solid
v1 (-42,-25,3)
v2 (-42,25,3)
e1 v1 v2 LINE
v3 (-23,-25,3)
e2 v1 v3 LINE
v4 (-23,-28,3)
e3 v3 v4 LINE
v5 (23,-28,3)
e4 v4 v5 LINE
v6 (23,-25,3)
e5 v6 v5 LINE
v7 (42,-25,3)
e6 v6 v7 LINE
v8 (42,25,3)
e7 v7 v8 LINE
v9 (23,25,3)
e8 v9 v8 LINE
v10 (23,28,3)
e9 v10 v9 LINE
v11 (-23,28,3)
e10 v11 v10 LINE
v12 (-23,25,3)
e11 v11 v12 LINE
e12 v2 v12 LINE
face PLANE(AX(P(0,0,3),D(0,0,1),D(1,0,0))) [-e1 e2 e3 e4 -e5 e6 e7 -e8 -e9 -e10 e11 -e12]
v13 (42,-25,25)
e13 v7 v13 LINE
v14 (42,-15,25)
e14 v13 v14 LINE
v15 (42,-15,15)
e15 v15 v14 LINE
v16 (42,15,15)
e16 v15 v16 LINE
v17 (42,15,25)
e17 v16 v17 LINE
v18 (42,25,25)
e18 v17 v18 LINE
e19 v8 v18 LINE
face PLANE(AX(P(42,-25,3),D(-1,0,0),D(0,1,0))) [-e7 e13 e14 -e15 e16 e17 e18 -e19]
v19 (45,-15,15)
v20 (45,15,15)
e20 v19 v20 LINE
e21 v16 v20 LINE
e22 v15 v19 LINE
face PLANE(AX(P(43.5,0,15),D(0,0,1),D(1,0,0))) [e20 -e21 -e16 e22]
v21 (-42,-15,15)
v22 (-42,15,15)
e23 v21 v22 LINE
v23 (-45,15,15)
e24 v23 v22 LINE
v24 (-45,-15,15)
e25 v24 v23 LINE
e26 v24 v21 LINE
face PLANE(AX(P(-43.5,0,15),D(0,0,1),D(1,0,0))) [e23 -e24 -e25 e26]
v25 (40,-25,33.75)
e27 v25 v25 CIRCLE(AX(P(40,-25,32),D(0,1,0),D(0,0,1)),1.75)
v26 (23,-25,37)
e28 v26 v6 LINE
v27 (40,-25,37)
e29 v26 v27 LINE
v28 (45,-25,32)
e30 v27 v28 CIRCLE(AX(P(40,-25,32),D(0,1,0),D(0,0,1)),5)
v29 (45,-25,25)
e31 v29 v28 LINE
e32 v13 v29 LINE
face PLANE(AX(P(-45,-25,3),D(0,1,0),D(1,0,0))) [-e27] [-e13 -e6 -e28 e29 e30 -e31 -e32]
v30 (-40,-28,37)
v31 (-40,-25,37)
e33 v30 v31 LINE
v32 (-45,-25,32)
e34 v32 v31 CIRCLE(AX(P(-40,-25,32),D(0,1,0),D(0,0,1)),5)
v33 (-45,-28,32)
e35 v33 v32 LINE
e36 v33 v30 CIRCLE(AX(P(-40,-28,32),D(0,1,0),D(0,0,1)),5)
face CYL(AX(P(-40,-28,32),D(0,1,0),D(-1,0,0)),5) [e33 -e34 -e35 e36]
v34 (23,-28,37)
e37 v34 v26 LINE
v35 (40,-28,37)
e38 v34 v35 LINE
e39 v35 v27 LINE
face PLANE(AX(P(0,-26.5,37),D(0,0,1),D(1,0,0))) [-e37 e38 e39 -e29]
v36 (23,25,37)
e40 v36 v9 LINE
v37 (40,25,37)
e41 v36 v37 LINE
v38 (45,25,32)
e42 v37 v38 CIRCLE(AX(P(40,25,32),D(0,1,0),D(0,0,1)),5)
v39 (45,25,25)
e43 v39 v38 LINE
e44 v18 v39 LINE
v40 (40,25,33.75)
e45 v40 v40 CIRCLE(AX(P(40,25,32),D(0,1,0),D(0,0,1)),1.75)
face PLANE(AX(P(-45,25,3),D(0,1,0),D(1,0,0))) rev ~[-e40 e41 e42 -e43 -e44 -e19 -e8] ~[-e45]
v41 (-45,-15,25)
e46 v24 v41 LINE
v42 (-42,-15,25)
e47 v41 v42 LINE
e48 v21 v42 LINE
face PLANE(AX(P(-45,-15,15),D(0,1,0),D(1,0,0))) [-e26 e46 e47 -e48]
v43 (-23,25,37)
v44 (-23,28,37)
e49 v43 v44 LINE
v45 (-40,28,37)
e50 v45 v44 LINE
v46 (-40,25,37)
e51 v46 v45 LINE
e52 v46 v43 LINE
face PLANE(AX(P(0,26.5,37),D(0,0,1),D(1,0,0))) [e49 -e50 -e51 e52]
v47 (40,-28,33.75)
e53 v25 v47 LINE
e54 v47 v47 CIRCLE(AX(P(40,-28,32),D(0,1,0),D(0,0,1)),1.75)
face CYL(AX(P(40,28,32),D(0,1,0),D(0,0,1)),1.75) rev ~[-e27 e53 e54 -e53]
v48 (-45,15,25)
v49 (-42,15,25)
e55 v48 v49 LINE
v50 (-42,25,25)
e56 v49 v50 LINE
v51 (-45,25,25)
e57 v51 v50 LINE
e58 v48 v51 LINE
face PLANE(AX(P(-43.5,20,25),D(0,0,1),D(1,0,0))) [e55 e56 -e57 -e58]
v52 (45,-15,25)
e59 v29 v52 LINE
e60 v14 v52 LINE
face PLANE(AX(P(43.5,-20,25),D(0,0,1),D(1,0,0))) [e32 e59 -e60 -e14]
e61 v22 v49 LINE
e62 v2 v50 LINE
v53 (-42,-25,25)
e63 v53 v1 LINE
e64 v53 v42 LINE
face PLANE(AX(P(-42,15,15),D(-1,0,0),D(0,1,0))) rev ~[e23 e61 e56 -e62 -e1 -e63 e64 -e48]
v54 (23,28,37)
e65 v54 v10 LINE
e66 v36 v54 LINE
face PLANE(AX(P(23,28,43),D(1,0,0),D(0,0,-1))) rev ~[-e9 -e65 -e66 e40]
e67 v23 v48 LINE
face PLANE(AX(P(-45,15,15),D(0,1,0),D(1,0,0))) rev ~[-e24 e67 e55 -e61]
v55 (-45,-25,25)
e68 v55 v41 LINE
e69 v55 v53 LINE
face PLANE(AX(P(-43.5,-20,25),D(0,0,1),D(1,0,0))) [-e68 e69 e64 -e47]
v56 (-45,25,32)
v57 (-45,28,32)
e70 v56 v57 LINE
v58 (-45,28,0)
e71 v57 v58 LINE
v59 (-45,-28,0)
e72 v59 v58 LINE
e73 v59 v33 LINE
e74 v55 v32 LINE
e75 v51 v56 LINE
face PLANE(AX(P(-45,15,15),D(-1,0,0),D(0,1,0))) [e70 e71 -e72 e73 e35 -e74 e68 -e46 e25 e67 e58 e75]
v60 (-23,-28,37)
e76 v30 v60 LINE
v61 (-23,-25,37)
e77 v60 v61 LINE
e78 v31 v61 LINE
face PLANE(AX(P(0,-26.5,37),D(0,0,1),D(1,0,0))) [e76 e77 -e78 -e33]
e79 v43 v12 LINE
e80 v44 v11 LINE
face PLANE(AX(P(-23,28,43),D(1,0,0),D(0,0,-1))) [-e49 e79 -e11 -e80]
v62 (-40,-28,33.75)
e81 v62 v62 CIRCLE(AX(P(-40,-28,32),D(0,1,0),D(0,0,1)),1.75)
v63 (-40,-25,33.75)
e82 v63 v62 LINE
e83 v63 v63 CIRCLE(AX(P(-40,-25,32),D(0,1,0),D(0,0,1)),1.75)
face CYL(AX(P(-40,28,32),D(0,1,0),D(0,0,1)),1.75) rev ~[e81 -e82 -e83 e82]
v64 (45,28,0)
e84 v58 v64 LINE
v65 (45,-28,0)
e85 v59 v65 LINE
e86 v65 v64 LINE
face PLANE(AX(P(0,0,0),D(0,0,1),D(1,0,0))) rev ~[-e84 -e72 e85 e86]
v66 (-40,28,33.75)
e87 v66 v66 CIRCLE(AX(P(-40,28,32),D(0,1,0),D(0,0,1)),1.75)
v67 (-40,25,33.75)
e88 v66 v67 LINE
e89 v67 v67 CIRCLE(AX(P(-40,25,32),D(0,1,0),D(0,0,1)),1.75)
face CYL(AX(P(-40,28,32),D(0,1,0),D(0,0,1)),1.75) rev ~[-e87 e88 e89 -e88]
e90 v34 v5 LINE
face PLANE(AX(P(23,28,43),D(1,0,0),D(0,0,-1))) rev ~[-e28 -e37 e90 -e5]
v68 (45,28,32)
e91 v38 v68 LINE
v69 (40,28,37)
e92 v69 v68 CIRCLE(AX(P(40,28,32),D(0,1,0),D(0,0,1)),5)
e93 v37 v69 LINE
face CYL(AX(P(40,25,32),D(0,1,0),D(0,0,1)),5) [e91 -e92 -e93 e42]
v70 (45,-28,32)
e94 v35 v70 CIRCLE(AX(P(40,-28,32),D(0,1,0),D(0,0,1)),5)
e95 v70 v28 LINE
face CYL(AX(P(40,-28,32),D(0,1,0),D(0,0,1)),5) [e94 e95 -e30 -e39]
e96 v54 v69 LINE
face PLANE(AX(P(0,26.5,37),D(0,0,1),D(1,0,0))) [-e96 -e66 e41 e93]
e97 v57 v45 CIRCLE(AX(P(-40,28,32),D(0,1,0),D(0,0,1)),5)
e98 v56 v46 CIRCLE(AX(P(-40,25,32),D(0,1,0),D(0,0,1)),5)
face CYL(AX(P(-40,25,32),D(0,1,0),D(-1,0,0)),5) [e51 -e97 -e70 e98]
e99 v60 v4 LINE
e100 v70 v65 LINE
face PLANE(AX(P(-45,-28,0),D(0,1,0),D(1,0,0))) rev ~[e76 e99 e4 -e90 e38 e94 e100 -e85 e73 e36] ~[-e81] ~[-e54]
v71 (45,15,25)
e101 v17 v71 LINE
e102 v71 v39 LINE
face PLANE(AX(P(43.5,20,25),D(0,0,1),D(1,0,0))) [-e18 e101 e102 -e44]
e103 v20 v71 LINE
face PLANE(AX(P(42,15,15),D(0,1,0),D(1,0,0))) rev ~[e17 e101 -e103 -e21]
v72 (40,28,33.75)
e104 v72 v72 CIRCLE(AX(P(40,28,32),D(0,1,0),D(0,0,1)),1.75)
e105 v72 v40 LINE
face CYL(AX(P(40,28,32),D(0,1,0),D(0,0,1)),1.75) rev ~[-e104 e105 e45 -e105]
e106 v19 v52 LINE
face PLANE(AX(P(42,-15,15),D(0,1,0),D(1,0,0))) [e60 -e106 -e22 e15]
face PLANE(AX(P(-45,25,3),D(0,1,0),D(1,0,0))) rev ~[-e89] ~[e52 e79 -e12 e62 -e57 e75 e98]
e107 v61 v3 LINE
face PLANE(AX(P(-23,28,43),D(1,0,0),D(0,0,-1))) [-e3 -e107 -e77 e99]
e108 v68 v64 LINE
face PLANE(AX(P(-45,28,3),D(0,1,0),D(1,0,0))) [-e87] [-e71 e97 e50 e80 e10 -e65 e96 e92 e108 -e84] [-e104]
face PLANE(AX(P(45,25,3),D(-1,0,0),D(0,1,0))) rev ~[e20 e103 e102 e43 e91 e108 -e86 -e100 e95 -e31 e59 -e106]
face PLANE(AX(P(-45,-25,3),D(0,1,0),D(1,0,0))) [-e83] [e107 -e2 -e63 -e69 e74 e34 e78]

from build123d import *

# Parameters (mm, degrees)
SZKIC1_W                    = 90
SZKIC1_H                    = 56
DODANIE_WYCI_GNI_CIE1_DEPTH = 3
SZKIC2_W                    = 90
SZKIC2_H                    = 3
DODANIE_WYCI_GNI_CIE2_DEPTH = 34
SZKIC4_R                    = 1.75
WYTNIJ_WYCI_GNI_CIE1_DEPTH  = 81.808415403
ZAOKR_GLENIE1_R             = 5
SZKIC5_W                    = 46
SZKIC5_H                    = 40
WYTNIJ_WYCI_GNI_CIE2_DEPTH  = 81.808415403
SZKIC6_W                    = 3
SZKIC6_H                    = 50
DODANIE_WYCI_GNI_CIE4_DEPTH = 12
SZKIC7_W                    = 3
SZKIC7_H                    = 10
DODANIE_WYCI_GNI_CIE5_DEPTH = 10


with BuildPart() as part:
    # Szkic1 → Dodanie-wyciągnięcie1 (new body)
    with BuildSketch(Plane.XY):
        Rectangle(SZKIC1_W, SZKIC1_H)
    extrude(amount=DODANIE_WYCI_GNI_CIE1_DEPTH)

    # Szkic2 → Dodanie-wyciągnięcie2 (add)
    with BuildSketch(Plane.XY.offset(3)):
        with Locations((0, 26.5)):
            Rectangle(SZKIC2_W, SZKIC2_H)
        with Locations((0, -26.5)):
            Rectangle(SZKIC2_W, SZKIC2_H)
    extrude(amount=DODANIE_WYCI_GNI_CIE2_DEPTH)

    # Szkic4 → Wytnij-wyciągnięcie1 (cut, through all)
    with BuildSketch(Plane(origin=(0, 28, 0), x_dir=(1, 0, 0), z_dir=(0, 1, 0))):
        with Locations(Location((-40, -32, 0), (0, 0, 270))):
            Circle(SZKIC4_R)
        with Locations(Location((40, -32, 0), (0, 0, 270))):
            Circle(SZKIC4_R)
    extrude(amount=-WYTNIJ_WYCI_GNI_CIE1_DEPTH, mode=Mode.SUBTRACT)

    # Zaokrąglenie1
    zaokr_glenie1_edges = [part.edges().sort_by_distance(p)[0] for p in [
        (-45, 26.5, 37),
        (45, 26.5, 37),
        (45, -26.5, 37),
        (-45, -26.5, 37),
    ]]
    fillet(zaokr_glenie1_edges, radius=ZAOKR_GLENIE1_R)

    # Szkic5 → Wytnij-wyciągnięcie2 (cut, through all)
    with BuildSketch(Plane(origin=(0, 28, 0), x_dir=(1, 0, 0), z_dir=(0, 1, 0))):
        with Locations((0, -23)):
            Rectangle(SZKIC5_W, SZKIC5_H)
    extrude(amount=-WYTNIJ_WYCI_GNI_CIE2_DEPTH, mode=Mode.SUBTRACT)

    # Szkic6 → Dodanie-wyciągnięcie4 (add)
    with BuildSketch(Plane.XY.offset(3)):
        with Locations((-43.5, 0)):
            Rectangle(SZKIC6_W, SZKIC6_H)
        with Locations((43.5, 0)):
            Rectangle(SZKIC6_W, SZKIC6_H)
    extrude(amount=DODANIE_WYCI_GNI_CIE4_DEPTH)

    # Szkic7 → Dodanie-wyciągnięcie5 (add)
    with BuildSketch(Plane.XY.offset(15)):
        with Locations((-43.5, 20)):
            Rectangle(SZKIC7_W, SZKIC7_H)
        with Locations((-43.5, -20)):
            Rectangle(SZKIC7_W, SZKIC7_H)
        with Locations((43.5, -20)):
            Rectangle(SZKIC7_W, SZKIC7_H)
        with Locations((43.5, 20)):
            Rectangle(SZKIC7_W, SZKIC7_H)
    extrude(amount=DODANIE_WYCI_GNI_CIE5_DEPTH)


solid = part.part
